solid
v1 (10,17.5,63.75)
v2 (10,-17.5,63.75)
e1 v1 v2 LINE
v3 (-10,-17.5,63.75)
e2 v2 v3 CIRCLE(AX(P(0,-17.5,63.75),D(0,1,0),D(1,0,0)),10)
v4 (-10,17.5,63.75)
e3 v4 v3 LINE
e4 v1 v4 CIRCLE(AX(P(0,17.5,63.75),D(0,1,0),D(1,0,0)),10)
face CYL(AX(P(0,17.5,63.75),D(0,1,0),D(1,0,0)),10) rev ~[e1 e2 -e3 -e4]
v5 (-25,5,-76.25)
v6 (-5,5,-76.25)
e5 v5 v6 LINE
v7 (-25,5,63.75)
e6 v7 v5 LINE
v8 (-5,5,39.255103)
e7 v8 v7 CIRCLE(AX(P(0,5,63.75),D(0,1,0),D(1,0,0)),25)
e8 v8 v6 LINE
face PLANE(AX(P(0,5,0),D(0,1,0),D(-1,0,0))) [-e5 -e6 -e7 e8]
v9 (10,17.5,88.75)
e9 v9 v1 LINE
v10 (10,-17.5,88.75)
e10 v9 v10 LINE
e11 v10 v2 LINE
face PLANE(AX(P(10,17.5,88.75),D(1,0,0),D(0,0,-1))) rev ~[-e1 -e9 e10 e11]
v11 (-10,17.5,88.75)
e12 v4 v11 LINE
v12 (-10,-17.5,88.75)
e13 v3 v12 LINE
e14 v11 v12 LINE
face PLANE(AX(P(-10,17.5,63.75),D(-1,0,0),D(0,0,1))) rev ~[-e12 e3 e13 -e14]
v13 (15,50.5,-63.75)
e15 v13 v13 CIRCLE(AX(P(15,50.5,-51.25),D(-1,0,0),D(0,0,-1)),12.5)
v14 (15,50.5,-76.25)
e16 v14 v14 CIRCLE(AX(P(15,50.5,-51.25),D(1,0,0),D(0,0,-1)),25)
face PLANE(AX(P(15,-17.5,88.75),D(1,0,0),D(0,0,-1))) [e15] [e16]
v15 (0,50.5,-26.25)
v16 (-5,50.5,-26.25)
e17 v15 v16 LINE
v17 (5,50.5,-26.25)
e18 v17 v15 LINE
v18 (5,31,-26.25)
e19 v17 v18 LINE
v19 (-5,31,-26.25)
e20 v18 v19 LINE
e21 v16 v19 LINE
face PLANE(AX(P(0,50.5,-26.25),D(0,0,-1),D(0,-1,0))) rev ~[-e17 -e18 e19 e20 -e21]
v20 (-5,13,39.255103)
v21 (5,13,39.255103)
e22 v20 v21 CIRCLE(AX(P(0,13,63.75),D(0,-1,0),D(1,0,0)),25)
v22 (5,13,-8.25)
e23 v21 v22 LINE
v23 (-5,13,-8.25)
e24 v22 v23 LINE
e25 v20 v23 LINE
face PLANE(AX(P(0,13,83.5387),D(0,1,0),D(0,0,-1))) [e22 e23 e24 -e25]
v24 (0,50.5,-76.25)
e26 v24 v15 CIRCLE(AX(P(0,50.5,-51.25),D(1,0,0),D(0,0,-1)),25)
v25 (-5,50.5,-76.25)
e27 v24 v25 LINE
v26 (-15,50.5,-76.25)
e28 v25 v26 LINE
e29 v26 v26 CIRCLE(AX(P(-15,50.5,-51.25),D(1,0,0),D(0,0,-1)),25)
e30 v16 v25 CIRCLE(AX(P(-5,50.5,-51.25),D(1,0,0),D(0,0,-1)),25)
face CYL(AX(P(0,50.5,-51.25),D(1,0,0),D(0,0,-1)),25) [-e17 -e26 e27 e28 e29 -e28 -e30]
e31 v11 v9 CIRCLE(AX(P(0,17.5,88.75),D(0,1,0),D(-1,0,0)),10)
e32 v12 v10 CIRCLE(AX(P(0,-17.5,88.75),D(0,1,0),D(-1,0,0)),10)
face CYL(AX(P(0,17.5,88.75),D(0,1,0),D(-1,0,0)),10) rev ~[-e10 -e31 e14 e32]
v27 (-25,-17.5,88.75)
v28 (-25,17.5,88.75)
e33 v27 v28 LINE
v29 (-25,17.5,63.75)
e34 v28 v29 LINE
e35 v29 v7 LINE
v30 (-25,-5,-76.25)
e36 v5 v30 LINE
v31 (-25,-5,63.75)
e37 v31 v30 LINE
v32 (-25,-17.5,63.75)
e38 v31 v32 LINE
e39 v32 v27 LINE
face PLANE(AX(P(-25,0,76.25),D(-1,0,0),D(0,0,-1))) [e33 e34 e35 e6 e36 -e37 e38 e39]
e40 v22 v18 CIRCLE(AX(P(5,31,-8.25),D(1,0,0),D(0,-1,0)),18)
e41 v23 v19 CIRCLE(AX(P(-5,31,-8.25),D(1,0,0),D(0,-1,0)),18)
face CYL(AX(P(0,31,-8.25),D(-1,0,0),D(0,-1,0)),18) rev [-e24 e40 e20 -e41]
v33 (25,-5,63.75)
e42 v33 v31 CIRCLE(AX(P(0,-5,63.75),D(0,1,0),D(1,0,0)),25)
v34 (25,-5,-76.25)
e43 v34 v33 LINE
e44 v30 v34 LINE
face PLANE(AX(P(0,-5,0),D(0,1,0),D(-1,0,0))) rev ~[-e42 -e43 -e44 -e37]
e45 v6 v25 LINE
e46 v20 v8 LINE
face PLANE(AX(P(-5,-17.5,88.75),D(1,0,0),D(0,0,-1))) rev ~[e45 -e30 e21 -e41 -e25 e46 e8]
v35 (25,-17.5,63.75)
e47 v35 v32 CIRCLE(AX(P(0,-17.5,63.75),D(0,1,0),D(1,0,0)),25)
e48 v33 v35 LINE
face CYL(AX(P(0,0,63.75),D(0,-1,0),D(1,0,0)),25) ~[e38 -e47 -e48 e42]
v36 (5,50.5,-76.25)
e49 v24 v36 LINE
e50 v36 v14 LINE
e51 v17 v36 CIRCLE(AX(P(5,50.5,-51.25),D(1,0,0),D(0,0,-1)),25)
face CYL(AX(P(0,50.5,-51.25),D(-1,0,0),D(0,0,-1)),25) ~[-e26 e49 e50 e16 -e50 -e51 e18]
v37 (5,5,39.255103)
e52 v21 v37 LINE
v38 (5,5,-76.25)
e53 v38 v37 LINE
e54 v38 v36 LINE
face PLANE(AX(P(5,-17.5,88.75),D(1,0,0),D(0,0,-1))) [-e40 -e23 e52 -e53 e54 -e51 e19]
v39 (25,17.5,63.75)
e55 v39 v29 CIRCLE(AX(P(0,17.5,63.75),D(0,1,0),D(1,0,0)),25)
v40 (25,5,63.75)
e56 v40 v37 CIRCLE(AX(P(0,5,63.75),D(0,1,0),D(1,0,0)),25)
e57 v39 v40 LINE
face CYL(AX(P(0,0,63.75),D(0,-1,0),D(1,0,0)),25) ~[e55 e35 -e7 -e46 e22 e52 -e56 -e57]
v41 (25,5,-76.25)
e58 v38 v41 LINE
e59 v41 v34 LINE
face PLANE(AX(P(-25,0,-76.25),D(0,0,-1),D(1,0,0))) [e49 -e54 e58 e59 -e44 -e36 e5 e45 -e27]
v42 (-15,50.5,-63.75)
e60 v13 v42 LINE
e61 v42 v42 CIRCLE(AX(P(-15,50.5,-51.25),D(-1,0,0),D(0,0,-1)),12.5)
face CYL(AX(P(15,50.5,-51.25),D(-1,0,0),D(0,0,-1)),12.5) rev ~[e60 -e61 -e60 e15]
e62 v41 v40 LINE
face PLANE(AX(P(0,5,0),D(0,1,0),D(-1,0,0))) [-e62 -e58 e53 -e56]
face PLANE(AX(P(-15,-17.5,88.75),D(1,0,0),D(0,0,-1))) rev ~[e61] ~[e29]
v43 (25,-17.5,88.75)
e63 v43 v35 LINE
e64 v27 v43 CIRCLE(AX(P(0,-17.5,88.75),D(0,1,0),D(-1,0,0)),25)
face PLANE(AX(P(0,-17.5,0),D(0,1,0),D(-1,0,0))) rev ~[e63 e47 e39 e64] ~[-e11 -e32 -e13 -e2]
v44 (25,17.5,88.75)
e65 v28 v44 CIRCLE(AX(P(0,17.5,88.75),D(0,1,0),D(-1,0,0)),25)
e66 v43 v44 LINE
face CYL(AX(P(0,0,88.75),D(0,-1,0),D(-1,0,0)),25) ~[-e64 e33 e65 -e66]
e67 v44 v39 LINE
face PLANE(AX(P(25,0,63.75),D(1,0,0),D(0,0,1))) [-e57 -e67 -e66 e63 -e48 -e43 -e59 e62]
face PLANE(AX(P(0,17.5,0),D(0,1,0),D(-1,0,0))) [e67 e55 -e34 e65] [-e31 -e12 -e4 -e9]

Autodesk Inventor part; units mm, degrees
ref_plane "YZ Plane" through (0, 0, 0) normal (1, 0, 0) x (0, 1, 0)
ref_plane "XZ Plane" through (0, 0, 0) normal (0, 1, 0) x (-1, 0, 0)
sketch "Esboço1" plane through (0, 0, 0) normal (0, 1, 0) x (-1, 0, 0)
  line L0 (-25, 76.25) -> (25, 76.25) construction
  line L1 (25, 76.25) -> (25, -76.25)
  line L2 (25, -76.25) -> (-25, -76.25)
  line L3 (-25, -76.25) -> (-25, 76.25)
  line L4 (-25, 76.25) -> (25, -76.25) construction
  line L5 (25, 76.25) -> (-25, -76.25) construction
  line L6 (0, 88.75) -> (0, 63.75) construction
  line L7 (-25, 88.75) -> (-25, 63.75)
  line L8 (25, 63.75) -> (25, 88.75)
  arc A0 (25, 88.75) -> (-25, 88.75) centre (0, 88.75) ccw
  arc A1 (-25, 63.75) -> (25, 63.75) centre (0, 63.75) ccw
  point P0 (0, 0)
  point P1 (0, 76.25)
  point P2 (0, 113.75)
  dimension "d4" = 190
  dimension "d5" = 50
  dimension "d6" = 25
  dimension "d7" = 25
extrude "Extrusão1" add sketch "Esboço1" along normal mid plane 35 contours L1 A1 L3 L7 A0 L8
extrude "Extrusão2" add sketch "Esboço1" along normal mid plane 10 contours L1 L2 L3 A1
ref_plane "Plano de trabalho1" through (0, -17.5, 88.75) normal (1, 0, 0) x (0, 0, -1)
sketch "Esboço2" plane through (0, -17.5, 88.75) normal (1, 0, 0) x (0, 0, -1)
  circle A0 centre (140, 68) radius 25
  line L0 (165, 12.5) -> (165, 22.5) projected
  line L1 (165, 12.5) -> (25, 12.5) projected
  point P0 (88.75, 17.5)
  dimension "d12" = 50
  dimension "d13" = 55.5
extrude "Extrusão3" add sketch "Esboço2" along normal mid plane 30
sketch "Esboço3" plane through (0, -17.5, 88.75) normal (1, 0, 0) x (0, 0, -1)
  line L0 (25, 22.5) -> (165, 22.5) projected
  line L1 (165, 22.5) -> (165, 68)
  circle A0 centre (140, 68) radius 25 projected
  line L2 (165, 22.5) -> (5.2113, 22.5)
  line L3 (5.2113, 22.5) -> (5.2113, 30.5)
  line L4 (5.2113, 30.5) -> (97, 30.5)
  line L5 (115, 68) -> (115, 48.5)
  arc A1 (97, 30.5) -> (115, 48.5) centre (97, 48.5) ccw
  point P0 (88.75, 17.5)
  dimension "d16" = 8
  dimension "d17" = 18
extrude "Extrusão4" add sketch "Esboço3" along normal mid plane 10 contours L2 L3 L4 A1 L5 A0 L1 L0
sketch "Esboço4" plane through (15, 50.5, -51.25) normal (1, 0, 0) x (0, 0, -1)
  circle A0 centre (0, 0) radius 25 projected
  point P0 (-51.25, -50.5)
hole "Furo1" at (15, 50.5, -51.25) direction (-1, 0, 0) diameter 25 end through all
sketch "Esboço5" plane through (0, 17.5, 0) normal (0, 1, 0) x (1, 0, 0)
  line L0 (25, -88.75) -> (25, -63.75) projected
  arc A0 (25, -63.75) -> (-25, -63.75) centre (0, -63.75) ccw projected
  line L1 (-25, -63.75) -> (-25, -88.75) projected
  arc A1 (-25, -88.75) -> (25, -88.75) centre (0, -88.75) ccw projected
  line L2 (10, -88.75) -> (10, -63.75)
  arc A2 (10, -63.75) -> (-10, -63.75) centre (0, -63.75) ccw
  line L3 (-10, -63.75) -> (-10, -88.75)
  arc A3 (-10, -88.75) -> (10, -88.75) centre (0, -88.75) ccw
  point P0 (0, 0)
  dimension "d27" = 20
extrude "Extrusão5" cut sketch "Esboço5" against normal through all contours A3 L3 A2 L2
properties part number "Peça teste"
